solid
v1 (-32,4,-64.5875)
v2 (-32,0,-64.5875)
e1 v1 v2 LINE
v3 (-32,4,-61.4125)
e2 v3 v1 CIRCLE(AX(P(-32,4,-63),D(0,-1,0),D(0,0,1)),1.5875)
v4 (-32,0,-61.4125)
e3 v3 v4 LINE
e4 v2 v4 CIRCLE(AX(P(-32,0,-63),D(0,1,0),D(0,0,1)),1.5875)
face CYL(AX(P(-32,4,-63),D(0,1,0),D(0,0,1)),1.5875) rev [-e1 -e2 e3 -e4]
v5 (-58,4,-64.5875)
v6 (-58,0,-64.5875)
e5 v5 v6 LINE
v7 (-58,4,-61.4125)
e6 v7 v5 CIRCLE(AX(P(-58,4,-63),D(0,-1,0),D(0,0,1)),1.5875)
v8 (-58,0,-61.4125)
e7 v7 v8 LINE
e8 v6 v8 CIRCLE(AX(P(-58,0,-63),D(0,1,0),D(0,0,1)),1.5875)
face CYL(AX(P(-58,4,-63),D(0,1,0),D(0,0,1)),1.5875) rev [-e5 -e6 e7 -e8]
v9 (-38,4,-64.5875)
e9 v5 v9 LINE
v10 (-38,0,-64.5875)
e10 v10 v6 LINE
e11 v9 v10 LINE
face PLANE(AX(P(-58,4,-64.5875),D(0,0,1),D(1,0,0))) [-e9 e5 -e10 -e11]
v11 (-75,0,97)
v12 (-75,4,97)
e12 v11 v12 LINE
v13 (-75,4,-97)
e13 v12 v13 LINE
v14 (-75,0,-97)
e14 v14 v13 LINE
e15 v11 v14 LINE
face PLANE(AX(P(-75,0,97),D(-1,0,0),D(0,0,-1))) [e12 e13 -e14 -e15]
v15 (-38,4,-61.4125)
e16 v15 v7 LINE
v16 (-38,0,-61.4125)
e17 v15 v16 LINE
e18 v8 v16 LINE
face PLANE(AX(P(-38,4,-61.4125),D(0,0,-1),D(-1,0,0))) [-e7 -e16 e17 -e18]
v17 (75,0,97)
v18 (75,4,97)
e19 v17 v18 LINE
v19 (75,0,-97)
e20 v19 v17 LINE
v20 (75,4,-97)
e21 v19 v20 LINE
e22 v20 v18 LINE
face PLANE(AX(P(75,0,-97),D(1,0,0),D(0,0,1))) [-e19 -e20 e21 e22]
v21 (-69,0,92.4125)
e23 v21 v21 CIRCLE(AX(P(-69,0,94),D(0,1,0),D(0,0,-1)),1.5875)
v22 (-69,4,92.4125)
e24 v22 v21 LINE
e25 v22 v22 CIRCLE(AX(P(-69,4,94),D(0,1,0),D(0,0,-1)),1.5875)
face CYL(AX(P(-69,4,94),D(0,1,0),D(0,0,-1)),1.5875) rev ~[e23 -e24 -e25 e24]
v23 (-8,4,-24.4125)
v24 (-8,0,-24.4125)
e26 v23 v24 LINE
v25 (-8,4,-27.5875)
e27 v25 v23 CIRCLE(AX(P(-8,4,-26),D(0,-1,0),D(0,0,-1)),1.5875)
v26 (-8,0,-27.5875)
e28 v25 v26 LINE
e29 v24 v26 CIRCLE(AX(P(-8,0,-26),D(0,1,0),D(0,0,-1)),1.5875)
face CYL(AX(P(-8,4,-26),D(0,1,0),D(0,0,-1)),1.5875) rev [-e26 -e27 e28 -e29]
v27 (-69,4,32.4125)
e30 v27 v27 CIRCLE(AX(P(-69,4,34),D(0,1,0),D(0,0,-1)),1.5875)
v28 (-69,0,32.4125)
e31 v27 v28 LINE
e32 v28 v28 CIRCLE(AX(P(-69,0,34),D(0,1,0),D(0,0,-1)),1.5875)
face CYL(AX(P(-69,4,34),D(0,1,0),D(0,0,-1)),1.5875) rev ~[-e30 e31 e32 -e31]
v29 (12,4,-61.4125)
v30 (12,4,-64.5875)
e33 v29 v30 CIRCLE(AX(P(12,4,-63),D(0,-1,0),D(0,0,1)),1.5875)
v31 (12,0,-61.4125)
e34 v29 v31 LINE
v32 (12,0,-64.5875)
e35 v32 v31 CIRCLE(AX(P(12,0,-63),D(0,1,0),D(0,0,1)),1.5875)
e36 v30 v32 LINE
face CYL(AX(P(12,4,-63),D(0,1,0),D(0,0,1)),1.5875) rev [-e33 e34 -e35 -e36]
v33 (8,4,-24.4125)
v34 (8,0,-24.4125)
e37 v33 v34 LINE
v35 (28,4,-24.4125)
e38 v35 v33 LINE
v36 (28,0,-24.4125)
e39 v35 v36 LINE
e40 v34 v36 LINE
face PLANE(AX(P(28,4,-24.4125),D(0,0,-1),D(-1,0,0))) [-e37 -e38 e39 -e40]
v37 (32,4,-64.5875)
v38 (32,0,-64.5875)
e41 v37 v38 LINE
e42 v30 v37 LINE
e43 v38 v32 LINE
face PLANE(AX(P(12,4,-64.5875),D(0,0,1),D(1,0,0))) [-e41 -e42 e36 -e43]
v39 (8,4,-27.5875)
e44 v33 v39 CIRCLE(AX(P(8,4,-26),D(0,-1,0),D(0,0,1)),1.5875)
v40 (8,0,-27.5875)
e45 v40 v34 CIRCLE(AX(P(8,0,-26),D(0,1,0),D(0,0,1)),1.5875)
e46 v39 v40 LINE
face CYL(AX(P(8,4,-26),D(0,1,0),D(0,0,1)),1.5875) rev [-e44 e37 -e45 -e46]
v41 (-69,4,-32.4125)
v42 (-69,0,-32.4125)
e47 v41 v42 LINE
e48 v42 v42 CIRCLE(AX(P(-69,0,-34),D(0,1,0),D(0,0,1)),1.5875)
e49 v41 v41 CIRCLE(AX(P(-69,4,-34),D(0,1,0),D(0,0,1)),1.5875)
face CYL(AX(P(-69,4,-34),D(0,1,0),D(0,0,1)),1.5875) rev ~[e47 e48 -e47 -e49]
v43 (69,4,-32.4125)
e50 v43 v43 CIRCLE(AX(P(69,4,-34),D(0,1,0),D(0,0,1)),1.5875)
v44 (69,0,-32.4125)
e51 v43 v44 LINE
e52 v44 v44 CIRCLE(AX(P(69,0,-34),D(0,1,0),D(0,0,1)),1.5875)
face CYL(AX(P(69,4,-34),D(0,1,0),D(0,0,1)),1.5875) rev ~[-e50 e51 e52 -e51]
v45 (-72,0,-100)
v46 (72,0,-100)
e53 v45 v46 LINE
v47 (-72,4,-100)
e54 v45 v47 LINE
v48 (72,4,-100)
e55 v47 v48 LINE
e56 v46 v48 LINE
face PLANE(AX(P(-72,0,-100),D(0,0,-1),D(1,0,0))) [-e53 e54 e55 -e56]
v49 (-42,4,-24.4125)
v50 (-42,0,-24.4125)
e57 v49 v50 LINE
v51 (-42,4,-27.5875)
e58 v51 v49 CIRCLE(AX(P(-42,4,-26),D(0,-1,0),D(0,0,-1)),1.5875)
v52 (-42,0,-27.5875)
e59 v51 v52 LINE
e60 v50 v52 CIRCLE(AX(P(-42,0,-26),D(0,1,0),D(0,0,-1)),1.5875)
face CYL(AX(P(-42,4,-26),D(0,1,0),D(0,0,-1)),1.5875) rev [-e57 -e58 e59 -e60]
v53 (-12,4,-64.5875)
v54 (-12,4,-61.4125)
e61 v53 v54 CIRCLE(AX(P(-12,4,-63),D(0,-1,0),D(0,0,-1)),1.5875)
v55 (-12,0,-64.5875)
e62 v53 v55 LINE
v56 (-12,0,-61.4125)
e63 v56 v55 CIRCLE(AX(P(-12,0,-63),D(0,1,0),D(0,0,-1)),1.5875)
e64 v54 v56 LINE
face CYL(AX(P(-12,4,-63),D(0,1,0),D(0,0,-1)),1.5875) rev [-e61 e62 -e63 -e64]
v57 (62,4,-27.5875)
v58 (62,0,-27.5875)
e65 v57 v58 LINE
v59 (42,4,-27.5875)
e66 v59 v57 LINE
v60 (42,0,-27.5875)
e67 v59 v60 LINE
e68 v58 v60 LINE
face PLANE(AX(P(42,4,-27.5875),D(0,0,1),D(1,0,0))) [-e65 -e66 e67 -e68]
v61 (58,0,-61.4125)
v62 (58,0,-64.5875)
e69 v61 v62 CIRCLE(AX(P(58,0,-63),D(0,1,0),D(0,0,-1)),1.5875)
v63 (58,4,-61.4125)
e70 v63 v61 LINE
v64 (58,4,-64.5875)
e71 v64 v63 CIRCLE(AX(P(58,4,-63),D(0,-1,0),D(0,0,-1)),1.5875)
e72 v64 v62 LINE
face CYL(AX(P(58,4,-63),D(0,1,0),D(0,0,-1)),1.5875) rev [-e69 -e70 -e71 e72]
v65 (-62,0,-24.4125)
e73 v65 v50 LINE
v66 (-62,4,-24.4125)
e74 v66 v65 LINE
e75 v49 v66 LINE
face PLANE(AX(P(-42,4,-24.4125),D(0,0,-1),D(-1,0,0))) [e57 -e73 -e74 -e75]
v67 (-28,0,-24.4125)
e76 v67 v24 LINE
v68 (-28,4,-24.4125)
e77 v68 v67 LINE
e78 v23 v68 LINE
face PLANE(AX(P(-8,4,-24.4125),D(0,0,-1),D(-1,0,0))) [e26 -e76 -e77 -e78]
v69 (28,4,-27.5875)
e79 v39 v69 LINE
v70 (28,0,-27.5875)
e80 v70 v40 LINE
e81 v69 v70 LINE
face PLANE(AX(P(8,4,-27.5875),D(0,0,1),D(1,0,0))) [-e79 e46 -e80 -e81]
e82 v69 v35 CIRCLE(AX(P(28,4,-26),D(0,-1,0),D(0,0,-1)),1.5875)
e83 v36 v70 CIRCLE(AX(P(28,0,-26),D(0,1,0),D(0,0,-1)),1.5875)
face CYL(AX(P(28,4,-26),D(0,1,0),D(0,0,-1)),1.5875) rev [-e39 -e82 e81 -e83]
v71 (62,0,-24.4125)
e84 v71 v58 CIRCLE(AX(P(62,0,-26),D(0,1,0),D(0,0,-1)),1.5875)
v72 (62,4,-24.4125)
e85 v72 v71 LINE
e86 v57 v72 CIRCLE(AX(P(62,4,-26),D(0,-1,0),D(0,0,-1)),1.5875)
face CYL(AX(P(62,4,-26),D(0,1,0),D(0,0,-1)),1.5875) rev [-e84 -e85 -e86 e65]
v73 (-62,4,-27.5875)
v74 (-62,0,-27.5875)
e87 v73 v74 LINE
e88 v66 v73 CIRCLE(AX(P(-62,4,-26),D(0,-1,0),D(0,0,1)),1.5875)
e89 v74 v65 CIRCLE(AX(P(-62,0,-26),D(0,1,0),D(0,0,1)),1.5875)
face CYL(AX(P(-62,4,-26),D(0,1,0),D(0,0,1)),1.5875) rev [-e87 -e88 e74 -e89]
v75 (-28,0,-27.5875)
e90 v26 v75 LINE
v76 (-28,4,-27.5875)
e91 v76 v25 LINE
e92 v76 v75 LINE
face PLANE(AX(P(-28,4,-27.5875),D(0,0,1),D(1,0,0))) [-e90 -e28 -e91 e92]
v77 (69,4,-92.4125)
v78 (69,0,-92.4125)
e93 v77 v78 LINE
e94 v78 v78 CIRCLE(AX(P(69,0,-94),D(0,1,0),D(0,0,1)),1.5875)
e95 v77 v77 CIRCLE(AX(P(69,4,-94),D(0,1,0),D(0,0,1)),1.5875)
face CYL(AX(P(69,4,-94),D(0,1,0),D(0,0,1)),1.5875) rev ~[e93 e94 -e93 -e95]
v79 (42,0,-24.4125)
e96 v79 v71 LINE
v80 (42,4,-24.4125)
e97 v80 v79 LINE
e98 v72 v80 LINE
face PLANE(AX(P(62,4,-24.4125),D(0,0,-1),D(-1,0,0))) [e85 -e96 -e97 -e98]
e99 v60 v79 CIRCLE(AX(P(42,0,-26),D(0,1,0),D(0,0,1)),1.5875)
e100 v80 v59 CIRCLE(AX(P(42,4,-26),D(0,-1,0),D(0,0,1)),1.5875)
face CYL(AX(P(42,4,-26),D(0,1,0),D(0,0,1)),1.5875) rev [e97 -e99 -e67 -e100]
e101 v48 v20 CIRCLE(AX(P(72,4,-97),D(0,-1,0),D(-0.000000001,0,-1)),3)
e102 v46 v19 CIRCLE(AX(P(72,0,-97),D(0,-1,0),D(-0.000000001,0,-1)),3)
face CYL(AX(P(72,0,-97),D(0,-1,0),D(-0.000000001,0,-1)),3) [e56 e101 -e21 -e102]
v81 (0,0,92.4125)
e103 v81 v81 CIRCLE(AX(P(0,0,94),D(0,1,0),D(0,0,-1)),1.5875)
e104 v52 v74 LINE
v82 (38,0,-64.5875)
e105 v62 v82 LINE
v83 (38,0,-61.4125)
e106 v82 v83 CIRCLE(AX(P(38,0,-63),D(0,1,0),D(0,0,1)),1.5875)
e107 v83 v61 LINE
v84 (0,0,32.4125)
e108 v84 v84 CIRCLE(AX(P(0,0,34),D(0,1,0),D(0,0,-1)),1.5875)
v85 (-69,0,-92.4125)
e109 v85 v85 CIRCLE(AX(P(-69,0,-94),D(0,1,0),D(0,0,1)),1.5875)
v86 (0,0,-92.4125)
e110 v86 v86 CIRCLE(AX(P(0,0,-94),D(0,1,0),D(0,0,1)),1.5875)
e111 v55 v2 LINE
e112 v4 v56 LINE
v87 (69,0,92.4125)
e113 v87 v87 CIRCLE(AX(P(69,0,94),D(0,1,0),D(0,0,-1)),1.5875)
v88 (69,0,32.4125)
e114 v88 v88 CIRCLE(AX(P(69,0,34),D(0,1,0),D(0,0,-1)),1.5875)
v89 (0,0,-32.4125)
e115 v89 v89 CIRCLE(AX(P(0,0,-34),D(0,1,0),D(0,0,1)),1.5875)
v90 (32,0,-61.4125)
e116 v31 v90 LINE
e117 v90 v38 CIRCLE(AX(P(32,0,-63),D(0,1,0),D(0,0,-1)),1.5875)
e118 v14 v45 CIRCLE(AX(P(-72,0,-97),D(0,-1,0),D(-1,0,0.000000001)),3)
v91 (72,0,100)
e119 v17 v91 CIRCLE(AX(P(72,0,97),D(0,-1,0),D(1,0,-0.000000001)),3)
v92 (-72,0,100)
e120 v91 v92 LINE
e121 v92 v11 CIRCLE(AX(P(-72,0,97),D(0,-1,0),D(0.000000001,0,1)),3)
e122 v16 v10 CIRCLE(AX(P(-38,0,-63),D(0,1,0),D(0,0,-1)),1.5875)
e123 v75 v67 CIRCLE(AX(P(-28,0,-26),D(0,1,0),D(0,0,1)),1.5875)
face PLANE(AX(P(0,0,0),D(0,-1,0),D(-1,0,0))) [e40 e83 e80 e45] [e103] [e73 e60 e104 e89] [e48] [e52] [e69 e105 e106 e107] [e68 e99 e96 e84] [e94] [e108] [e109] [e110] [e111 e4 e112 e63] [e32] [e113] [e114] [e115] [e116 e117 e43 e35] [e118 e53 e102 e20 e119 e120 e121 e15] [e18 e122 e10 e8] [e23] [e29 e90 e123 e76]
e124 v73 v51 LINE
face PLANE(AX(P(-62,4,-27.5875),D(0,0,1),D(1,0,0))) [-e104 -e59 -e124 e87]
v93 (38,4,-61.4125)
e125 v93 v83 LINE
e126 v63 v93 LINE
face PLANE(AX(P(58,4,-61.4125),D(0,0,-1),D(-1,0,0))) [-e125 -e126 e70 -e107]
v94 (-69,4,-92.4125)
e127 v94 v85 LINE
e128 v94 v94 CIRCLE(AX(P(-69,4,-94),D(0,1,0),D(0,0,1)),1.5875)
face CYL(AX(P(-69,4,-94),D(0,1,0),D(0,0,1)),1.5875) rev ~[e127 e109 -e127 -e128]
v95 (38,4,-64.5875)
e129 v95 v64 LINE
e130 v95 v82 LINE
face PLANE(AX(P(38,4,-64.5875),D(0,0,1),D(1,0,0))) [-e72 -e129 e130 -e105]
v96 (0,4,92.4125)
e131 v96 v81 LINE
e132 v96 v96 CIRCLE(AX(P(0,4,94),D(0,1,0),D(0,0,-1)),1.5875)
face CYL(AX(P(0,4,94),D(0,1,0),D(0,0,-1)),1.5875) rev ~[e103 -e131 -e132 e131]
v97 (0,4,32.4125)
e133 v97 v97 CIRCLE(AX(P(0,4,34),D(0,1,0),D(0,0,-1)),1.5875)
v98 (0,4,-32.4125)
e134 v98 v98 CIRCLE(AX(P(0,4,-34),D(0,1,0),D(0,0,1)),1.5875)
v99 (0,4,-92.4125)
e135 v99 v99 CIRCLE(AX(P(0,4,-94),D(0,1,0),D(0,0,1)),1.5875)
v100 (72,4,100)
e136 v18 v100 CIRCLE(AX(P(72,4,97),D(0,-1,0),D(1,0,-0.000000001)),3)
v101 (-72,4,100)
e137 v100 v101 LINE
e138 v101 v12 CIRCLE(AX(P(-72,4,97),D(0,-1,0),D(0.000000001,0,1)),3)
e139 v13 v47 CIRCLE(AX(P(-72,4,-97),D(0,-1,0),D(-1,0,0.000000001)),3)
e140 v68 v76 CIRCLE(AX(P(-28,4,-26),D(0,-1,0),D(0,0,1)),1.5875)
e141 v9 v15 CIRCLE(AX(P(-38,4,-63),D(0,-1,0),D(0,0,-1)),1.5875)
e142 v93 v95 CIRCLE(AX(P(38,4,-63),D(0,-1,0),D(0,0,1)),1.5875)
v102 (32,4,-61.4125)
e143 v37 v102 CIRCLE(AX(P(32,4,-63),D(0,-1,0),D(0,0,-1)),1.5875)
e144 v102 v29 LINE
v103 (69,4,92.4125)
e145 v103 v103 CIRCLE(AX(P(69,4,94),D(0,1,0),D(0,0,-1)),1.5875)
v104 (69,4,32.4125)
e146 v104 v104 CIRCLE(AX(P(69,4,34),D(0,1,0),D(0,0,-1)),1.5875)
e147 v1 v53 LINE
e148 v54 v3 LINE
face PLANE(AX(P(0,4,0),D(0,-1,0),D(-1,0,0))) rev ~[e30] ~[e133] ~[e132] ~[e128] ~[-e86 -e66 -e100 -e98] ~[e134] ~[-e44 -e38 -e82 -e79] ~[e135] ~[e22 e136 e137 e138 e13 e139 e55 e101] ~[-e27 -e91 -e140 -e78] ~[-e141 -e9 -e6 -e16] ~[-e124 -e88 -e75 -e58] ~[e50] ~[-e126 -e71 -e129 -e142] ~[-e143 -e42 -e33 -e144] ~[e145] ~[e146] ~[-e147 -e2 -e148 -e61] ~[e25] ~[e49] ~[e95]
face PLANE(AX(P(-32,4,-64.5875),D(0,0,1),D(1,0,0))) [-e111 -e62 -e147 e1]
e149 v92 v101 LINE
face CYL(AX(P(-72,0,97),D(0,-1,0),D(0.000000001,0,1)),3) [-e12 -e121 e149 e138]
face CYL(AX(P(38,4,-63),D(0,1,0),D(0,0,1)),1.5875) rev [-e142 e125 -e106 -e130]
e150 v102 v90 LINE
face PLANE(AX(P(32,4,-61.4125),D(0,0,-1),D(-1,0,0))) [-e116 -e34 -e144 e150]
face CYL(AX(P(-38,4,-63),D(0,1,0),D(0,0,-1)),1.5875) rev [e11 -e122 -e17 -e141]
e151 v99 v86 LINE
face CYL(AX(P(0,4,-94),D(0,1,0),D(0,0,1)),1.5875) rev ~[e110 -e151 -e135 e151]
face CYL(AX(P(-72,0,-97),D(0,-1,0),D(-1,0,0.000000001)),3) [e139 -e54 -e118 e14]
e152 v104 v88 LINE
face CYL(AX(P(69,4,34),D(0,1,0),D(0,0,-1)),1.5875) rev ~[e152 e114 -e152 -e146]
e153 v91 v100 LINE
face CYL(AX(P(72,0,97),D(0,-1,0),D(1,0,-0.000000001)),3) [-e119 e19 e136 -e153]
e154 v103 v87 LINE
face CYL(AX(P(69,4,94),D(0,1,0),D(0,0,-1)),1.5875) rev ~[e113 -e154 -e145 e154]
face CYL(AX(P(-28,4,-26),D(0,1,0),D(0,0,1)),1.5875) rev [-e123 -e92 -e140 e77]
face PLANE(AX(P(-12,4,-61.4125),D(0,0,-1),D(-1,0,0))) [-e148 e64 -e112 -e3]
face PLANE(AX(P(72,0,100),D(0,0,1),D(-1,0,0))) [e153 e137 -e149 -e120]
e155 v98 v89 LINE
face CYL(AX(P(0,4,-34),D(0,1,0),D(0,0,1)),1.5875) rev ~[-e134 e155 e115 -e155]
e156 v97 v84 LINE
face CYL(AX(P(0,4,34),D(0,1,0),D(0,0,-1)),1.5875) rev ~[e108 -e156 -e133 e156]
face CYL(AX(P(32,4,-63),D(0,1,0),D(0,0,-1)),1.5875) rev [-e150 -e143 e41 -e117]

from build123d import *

# Parameters (mm, degrees)
EXTRUDE_1_DEPTH     = 4
SKETCH_3_R          = 1.5875
CUT_EXTRUDE_2_DEPTH = 126.063983624
CUT_EXTRUDE_3_DEPTH = 126.063983624


with BuildPart() as part:
    # Эскиз1 → Бобышка-Вытянуть1 (new body)
    with BuildSketch(Plane(origin=(0, 0, 0), x_dir=(1, 0, 0), z_dir=(0, 1, 0))):
        with BuildLine():
            Line((-72, 100), (72, 100))
            ThreePointArc((72, 100), (74.121320344, 99.121320344), (75, 97))
            Line((75, 97), (75, -97))
            ThreePointArc((75, -97), (74.121320344, -99.121320344), (72, -100))
            Line((72, -100), (-72, -100))
            ThreePointArc((-72, -100), (-74.121320344, -99.121320344), (-75, -97))
            Line((-75, -97), (-75, 97))
            ThreePointArc((-75, 97), (-74.121320344, 99.121320344), (-72, 100))
        make_face()
    extrude(amount=EXTRUDE_1_DEPTH)

    # Эскиз3 → Вырез-Вытянуть2 (cut, through all)
    with BuildSketch(Plane(origin=(0, 4, 0), x_dir=(1, 0, 0), z_dir=(0, 1, 0))):
        with Locations(Location((-69, 94, 0), (0, 0, 270))):
            Circle(SKETCH_3_R)
        with Locations(Location((0, 94, 0), (0, 0, 270))):
            Circle(SKETCH_3_R)
        with Locations(Location((69, 94, 0), (0, 0, 270))):
            Circle(SKETCH_3_R)
        with Locations(Location((-69, -34, 0), (0, 0, 90))):
            Circle(SKETCH_3_R)
        with Locations(Location((69, -34, 0), (0, 0, 90))):
            Circle(SKETCH_3_R)
        with Locations(Location((0, -34, 0), (0, 0, 90))):
            Circle(SKETCH_3_R)
        with Locations(Location((69, -94, 0), (0, 0, 90))):
            Circle(SKETCH_3_R)
        with Locations(Location((0, -94, 0), (0, 0, 90))):
            Circle(SKETCH_3_R)
        with Locations(Location((-69, -94, 0), (0, 0, 90))):
            Circle(SKETCH_3_R)
        with Locations(Location((0, 34, 0), (0, 0, 270))):
            Circle(SKETCH_3_R)
        with Locations(Location((69, 34, 0), (0, 0, 270))):
            Circle(SKETCH_3_R)
        with Locations(Location((-69, 34, 0), (0, 0, 270))):
            Circle(SKETCH_3_R)
    extrude(amount=-CUT_EXTRUDE_2_DEPTH, mode=Mode.SUBTRACT)

    # Эскиз2 → Вырез-Вытянуть3 (cut, through all)
    with BuildSketch(Plane(origin=(0, 4, 0), x_dir=(1, 0, 0), z_dir=(0, 1, 0))):
        with BuildLine():
            Line((-32, 64.5875), (-12, 64.5875))
            ThreePointArc((-12, 64.5875), (-10.4125, 63), (-12, 61.4125))
            Line((-12, 61.4125), (-32, 61.4125))
            ThreePointArc((-32, 61.4125), (-33.5875, 63), (-32, 64.5875))
        make_face()
        with BuildLine():
            Line((-58, 64.5875), (-38, 64.5875))
            ThreePointArc((-38, 64.5875), (-36.4125, 63), (-38, 61.4125))
            Line((-38, 61.4125), (-58, 61.4125))
            ThreePointArc((-58, 61.4125), (-59.5875, 63), (-58, 64.5875))
        make_face()
        with BuildLine():
            Line((-28, 27.5875), (-8, 27.5875))
            ThreePointArc((-8, 27.5875), (-6.4125, 26), (-8, 24.4125))
            Line((-8, 24.4125), (-28, 24.4125))
            ThreePointArc((-28, 24.4125), (-29.5875, 26), (-28, 27.5875))
        make_face()
        with BuildLine():
            Line((-62, 27.5875), (-42, 27.5875))
            ThreePointArc((-42, 27.5875), (-40.4125, 26), (-42, 24.4125))
            Line((-42, 24.4125), (-62, 24.4125))
            ThreePointArc((-62, 24.4125), (-63.5875, 26), (-62, 27.5875))
        make_face()
        with BuildLine():
            Line((62, 24.4125), (42, 24.4125))
            ThreePointArc((42, 24.4125), (40.4125, 26), (42, 27.5875))
            Line((42, 27.5875), (62, 27.5875))
            ThreePointArc((62, 27.5875), (63.5875, 26), (62, 24.4125))
        make_face()
        with BuildLine():
            Line((28, 24.4125), (8, 24.4125))
            ThreePointArc((8, 24.4125), (6.4125, 26), (8, 27.5875))
            Line((8, 27.5875), (28, 27.5875))
            ThreePointArc((28, 27.5875), (29.5875, 26), (28, 24.4125))
        make_face()
        with BuildLine():
            Line((58, 61.4125), (38, 61.4125))
            ThreePointArc((38, 61.4125), (36.4125, 63), (38, 64.5875))
            Line((38, 64.5875), (58, 64.5875))
            ThreePointArc((58, 64.5875), (59.5875, 63), (58, 61.4125))
        make_face()
        with BuildLine():
            Line((32, 61.4125), (12, 61.4125))
            ThreePointArc((12, 61.4125), (10.4125, 63), (12, 64.5875))
            Line((12, 64.5875), (32, 64.5875))
            ThreePointArc((32, 64.5875), (33.5875, 63), (32, 61.4125))
        make_face()
    extrude(amount=-CUT_EXTRUDE_3_DEPTH, mode=Mode.SUBTRACT)


solid = part.part
